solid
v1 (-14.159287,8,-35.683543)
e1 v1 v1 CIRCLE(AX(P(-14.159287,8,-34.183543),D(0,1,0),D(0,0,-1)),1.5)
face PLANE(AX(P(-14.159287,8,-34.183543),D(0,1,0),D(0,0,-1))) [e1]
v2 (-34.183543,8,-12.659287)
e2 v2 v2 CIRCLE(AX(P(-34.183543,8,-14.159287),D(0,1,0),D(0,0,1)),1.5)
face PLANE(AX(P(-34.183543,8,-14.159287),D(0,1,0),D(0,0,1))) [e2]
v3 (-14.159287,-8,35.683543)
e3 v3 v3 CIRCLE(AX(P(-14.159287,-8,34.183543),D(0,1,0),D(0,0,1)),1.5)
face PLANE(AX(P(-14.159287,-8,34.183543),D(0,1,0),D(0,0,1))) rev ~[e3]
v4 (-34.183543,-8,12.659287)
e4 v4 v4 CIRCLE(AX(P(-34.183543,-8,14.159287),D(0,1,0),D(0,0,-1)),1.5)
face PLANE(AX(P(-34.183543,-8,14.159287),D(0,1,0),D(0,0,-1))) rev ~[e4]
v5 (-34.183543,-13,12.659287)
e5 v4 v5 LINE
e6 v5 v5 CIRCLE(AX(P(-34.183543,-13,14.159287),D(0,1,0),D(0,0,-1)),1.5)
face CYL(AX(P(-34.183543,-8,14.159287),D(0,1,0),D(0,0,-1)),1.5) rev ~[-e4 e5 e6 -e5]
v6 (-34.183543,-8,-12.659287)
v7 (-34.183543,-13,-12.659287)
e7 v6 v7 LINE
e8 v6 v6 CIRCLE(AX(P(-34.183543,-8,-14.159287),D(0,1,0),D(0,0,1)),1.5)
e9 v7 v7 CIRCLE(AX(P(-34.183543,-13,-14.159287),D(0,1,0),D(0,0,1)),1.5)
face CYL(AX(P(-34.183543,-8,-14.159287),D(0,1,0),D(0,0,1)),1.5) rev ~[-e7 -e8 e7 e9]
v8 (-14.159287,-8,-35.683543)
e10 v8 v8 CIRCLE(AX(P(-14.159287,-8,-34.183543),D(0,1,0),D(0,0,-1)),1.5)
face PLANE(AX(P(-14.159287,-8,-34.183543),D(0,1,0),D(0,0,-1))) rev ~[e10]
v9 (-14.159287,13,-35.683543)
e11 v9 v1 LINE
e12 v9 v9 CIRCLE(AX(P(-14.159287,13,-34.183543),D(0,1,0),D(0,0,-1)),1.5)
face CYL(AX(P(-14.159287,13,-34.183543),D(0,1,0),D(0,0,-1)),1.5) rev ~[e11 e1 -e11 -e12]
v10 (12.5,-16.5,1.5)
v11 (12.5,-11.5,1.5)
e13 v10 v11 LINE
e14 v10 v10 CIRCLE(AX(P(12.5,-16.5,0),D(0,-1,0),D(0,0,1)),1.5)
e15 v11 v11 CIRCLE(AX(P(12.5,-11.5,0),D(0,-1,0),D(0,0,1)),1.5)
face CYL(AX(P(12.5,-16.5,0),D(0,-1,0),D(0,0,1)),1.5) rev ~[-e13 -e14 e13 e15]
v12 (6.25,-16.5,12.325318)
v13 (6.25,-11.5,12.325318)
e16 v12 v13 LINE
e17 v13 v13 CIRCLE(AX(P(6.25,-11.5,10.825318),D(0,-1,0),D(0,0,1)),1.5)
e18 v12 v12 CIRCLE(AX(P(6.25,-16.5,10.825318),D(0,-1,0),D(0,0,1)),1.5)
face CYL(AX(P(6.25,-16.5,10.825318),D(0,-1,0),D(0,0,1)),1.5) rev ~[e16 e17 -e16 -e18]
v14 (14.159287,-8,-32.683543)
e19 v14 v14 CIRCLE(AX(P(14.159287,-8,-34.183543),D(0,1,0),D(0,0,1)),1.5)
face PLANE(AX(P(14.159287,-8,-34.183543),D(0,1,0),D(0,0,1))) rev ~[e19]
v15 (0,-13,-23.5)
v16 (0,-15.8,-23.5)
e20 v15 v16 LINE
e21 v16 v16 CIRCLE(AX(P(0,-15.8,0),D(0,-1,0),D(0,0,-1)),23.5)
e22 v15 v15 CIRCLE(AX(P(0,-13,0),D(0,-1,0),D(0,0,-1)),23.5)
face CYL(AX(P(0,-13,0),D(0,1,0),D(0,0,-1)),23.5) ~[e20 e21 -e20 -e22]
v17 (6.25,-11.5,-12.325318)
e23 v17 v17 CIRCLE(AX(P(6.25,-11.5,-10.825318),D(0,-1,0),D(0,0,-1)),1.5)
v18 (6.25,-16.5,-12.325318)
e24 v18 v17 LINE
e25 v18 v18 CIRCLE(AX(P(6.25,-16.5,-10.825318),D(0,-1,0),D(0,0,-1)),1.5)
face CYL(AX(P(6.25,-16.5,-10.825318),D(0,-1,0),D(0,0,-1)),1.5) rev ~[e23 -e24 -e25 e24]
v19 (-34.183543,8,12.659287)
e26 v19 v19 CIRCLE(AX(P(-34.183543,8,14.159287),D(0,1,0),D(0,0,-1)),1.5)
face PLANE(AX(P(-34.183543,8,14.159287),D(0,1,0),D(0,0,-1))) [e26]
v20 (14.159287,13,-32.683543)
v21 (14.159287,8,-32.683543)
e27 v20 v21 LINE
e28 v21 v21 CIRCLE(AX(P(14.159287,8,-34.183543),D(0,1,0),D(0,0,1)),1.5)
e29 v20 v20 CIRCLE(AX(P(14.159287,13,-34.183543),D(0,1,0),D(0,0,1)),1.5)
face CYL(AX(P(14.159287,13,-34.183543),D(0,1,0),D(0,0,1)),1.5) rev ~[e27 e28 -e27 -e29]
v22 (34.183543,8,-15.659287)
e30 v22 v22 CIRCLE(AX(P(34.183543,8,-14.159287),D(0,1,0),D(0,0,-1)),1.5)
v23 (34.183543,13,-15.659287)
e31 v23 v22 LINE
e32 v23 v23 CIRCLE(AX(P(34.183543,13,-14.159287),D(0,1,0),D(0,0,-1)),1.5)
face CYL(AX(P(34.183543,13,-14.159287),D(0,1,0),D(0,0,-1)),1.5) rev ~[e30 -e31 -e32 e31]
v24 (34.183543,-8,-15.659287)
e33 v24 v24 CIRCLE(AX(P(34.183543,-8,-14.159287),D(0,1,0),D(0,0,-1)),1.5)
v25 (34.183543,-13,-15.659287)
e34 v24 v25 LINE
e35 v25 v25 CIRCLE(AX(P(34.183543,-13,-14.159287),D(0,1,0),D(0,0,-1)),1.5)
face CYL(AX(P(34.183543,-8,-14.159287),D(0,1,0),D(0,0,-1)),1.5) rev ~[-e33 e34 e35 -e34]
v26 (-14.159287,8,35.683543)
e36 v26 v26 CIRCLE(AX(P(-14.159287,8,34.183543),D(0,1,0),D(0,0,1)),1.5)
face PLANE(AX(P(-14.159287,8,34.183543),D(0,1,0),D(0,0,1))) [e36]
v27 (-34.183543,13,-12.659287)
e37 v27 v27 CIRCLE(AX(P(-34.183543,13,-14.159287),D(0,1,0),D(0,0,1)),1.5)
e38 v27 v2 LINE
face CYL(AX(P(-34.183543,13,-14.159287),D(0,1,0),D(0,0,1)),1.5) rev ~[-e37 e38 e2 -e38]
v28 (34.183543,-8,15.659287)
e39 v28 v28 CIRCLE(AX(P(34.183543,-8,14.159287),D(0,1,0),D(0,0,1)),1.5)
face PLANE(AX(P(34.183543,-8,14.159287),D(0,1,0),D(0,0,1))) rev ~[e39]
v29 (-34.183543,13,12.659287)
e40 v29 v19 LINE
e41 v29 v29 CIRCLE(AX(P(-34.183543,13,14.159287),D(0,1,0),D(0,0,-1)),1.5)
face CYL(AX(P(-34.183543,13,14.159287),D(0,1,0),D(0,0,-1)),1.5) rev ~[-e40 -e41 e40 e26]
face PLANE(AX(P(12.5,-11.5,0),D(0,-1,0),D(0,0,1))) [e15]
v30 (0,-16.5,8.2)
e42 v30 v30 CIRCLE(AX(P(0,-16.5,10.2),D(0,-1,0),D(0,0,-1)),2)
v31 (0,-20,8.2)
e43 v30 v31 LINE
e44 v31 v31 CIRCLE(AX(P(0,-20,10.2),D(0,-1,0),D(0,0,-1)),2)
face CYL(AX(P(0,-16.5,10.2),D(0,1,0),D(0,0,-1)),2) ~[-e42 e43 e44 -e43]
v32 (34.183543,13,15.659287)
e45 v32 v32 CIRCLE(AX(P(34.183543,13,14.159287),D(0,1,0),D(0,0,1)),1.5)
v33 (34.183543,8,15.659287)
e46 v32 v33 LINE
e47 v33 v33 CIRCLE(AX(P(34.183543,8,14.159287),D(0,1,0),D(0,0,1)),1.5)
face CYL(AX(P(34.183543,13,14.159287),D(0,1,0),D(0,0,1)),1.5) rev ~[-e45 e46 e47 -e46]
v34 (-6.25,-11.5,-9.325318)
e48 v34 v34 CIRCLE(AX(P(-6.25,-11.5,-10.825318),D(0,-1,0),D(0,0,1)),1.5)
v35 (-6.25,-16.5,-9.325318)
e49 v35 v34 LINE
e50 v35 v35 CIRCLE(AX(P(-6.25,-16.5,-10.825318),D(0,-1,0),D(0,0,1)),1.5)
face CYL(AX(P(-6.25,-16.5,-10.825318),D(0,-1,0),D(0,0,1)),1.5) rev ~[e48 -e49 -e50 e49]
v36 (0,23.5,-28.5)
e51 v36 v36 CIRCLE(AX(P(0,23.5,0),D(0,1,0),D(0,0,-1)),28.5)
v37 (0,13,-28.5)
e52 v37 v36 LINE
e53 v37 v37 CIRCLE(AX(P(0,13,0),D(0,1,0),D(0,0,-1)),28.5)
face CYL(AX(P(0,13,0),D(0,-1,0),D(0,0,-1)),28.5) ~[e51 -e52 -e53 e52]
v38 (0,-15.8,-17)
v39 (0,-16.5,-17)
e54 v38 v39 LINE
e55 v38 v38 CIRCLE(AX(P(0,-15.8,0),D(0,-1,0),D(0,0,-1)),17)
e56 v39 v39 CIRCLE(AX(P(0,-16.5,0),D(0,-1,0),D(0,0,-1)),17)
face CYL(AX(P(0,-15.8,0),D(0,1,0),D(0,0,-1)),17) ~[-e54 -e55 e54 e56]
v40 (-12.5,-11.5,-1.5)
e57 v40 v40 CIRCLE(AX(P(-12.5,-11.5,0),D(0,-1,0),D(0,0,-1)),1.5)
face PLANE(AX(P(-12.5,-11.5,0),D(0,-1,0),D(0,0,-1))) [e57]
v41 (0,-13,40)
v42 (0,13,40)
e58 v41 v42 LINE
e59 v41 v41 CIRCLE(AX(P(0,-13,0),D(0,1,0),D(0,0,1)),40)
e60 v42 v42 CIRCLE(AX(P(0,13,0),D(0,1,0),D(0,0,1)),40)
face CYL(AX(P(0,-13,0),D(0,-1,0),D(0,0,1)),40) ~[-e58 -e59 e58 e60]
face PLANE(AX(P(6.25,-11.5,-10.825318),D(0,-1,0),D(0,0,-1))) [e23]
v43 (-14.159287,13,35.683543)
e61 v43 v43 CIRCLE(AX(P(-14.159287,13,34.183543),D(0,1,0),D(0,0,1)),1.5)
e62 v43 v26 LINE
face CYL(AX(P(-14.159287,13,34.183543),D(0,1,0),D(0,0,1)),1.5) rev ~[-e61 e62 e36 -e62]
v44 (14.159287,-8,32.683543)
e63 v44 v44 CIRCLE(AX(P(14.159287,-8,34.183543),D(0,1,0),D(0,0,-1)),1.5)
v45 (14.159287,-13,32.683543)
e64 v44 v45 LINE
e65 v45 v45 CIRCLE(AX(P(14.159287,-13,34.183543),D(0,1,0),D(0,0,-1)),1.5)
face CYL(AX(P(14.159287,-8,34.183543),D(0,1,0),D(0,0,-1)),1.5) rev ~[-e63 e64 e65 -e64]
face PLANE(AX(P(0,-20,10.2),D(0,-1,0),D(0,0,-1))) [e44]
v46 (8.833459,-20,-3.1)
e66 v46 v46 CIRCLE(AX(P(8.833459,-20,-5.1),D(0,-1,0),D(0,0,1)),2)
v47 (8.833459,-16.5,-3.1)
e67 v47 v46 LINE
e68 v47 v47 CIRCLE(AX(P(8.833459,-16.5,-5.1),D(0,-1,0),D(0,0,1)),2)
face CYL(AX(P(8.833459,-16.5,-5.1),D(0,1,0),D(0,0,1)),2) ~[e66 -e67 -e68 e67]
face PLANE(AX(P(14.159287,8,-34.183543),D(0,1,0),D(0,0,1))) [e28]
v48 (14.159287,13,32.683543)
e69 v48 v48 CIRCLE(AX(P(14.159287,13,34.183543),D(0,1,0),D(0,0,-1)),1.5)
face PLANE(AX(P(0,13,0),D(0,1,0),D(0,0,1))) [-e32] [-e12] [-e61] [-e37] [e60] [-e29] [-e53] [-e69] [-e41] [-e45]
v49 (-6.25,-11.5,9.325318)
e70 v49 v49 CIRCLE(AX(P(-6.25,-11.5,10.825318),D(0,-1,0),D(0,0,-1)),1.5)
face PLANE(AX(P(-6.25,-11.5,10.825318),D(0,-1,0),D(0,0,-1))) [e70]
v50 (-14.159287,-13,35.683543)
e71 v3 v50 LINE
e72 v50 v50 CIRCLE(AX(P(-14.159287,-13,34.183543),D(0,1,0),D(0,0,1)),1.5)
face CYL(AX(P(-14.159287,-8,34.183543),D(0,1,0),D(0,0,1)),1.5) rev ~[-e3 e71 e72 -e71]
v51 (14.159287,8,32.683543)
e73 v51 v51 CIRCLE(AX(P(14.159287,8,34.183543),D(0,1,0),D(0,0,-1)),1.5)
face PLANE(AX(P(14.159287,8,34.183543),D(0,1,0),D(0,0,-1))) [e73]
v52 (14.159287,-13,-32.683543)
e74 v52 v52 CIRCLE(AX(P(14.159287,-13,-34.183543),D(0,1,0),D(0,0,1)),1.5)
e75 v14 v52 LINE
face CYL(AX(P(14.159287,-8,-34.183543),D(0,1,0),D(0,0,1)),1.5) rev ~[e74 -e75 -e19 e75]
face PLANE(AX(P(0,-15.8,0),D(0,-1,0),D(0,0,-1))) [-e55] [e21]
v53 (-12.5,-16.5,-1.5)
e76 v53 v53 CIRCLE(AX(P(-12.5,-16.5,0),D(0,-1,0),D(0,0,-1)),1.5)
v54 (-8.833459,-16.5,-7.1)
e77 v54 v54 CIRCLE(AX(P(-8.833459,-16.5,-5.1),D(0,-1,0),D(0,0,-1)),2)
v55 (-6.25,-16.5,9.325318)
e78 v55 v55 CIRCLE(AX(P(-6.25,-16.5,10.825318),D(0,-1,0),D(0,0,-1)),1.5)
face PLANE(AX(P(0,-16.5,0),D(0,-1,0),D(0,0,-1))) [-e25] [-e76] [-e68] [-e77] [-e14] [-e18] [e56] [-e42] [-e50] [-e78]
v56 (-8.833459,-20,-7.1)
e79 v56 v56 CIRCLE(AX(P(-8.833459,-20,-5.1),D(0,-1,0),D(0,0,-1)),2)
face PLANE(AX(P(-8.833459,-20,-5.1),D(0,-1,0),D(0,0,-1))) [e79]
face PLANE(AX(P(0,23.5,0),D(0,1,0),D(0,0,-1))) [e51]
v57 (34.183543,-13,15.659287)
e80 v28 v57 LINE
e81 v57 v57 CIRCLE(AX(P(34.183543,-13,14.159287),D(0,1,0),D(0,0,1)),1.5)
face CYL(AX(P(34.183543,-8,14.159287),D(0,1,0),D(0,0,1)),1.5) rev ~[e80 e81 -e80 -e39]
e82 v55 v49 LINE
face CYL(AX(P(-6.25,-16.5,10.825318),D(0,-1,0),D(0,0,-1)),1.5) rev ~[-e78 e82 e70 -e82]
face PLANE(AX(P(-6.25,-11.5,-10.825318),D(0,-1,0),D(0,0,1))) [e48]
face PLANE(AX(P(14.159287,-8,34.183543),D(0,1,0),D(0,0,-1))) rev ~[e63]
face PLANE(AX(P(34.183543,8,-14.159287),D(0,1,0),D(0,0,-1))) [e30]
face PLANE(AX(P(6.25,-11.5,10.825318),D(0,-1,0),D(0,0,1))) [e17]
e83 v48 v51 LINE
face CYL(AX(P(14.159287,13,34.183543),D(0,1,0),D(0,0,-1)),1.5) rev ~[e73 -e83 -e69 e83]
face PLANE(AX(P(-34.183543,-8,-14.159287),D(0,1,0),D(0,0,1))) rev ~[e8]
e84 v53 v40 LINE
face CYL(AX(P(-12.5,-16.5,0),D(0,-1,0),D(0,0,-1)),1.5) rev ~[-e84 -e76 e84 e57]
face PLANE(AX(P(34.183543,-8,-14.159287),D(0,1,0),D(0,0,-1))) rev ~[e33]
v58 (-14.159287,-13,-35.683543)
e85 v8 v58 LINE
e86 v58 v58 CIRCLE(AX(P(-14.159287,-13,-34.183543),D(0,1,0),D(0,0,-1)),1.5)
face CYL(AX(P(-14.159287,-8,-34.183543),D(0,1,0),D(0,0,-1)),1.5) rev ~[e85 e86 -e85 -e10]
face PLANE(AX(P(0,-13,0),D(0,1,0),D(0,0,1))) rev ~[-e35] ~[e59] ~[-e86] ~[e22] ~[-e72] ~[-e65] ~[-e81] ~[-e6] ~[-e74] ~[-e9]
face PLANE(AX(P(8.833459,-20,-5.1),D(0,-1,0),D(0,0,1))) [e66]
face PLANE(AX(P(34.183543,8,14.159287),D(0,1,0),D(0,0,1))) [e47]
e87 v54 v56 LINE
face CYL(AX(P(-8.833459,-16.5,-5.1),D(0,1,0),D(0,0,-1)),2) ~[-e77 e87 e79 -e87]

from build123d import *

# Parameters (mm, degrees)
EXTRUDE_1_DEPTH      = 13
EXTRUDE_1_DEPTH_BACK = 13
SKETCH_1_R           = 40
SKETCH_2_R           = 28.5
EXTRUDE_2_DEPTH      = 10.5
SKETCH_3_R           = 23.5
EXTRUDE_3_DEPTH      = 2.8
SKETCH_4_R           = 17
EXTRUDE_4_DEPTH      = 0.7
SKETCH_5_R           = 1.5
CUT_EXTRUDE_1_DEPTH  = 5
CUT_EXTRUDE_START    = 5
SKETCH_6_R           = 1.5
CUT_EXTRUDE_3_DEPTH  = 5
SKETCH_7_R           = 1.5
CUT_EXTRUDE_4_DEPTH  = 5
SKETCH_8_R           = 2
EXTRUDE_5_DEPTH      = 3.5


with BuildPart() as part:
    # 草图1 → 凸台-拉伸1 (new, two sides: drawn at the far end of the back side and taken through both)
    with BuildSketch(Plane(origin=(0, 0, 0), x_dir=(1, 0, 0), z_dir=(0, 1, 0)).offset(-EXTRUDE_1_DEPTH_BACK)):
        Circle(SKETCH_1_R)
    extrude(amount=EXTRUDE_1_DEPTH + EXTRUDE_1_DEPTH_BACK)

    # 草图2 → 凸台-拉伸2 (add)
    with BuildSketch(Plane(origin=(0, 13, 0), x_dir=(1, 0, 0), z_dir=(0, 1, 0))):
        Circle(SKETCH_2_R)
    extrude(amount=EXTRUDE_2_DEPTH)

    # 草图3 → 凸台-拉伸3 (add)
    with BuildSketch(Plane.XZ.offset(13)):
        Circle(SKETCH_3_R)
    extrude(amount=EXTRUDE_3_DEPTH)

    # 草图4 → 凸台-拉伸4 (add)
    with BuildSketch(Plane.XZ.offset(15.8)):
        Circle(SKETCH_4_R)
    extrude(amount=EXTRUDE_4_DEPTH)

    # 草图5 → 切除-拉伸1 (cut)
    with BuildSketch(Plane(origin=(0, 13, 0), x_dir=(1, 0, 0), z_dir=(0, 1, 0))):
        with Locations((14.159286998, 34.183542703)):
            Circle(SKETCH_5_R)
        with Locations((34.183542703, 14.159286998)):
            Circle(SKETCH_5_R)
        with Locations((34.183542703, -14.159286998)):
            Circle(SKETCH_5_R)
        with Locations((14.159286998, -34.183542703)):
            Circle(SKETCH_5_R)
        with Locations((-14.159286998, -34.183542703)):
            Circle(SKETCH_5_R)
        with Locations((-34.183542703, -14.159286998)):
            Circle(SKETCH_5_R)
        with Locations((-34.183542703, 14.159286998)):
            Circle(SKETCH_5_R)
        with Locations((-14.159286998, 34.183542703)):
            Circle(SKETCH_5_R)
    extrude(amount=-CUT_EXTRUDE_1_DEPTH, mode=Mode.SUBTRACT)

    # 草图6 → 切除-拉伸3 (cut)
    with BuildSketch(Plane(origin=(0, -13, -13), x_dir=(1, 0, 0), z_dir=(0, 1, 0)).offset(CUT_EXTRUDE_START)):
        with Locations((14.159286998, 21.183542703)):
            Circle(SKETCH_6_R)
        with Locations((34.183542703, 1.159286998)):
            Circle(SKETCH_6_R)
        with Locations((34.183542703, -27.159286998)):
            Circle(SKETCH_6_R)
        with Locations((14.159286998, -47.183542703)):
            Circle(SKETCH_6_R)
        with Locations((-14.159286998, -47.183542703)):
            Circle(SKETCH_6_R)
        with Locations((-34.183542703, -27.159286998)):
            Circle(SKETCH_6_R)
        with Locations((-34.183542703, 1.159286998)):
            Circle(SKETCH_6_R)
        with Locations((-14.159286998, 21.183542703)):
            Circle(SKETCH_6_R)
    extrude(amount=-CUT_EXTRUDE_3_DEPTH, mode=Mode.SUBTRACT)

    # 草图7 → 切除-拉伸4 (cut)
    with BuildSketch(Plane.XZ.offset(16.5)):
        with Locations((-12.5, 0)):
            Circle(SKETCH_7_R)
        with Locations((-6.25, 10.825317547)):
            Circle(SKETCH_7_R)
        with Locations((-6.25, -10.825317547)):
            Circle(SKETCH_7_R)
        with Locations((6.25, -10.825317547)):
            Circle(SKETCH_7_R)
        with Locations((12.5, 0)):
            Circle(SKETCH_7_R)
        with Locations((6.25, 10.825317547)):
            Circle(SKETCH_7_R)
    extrude(amount=-CUT_EXTRUDE_4_DEPTH, mode=Mode.SUBTRACT)

    # 草图8 → 凸台-拉伸5 (add)
    with BuildSketch(Plane.XZ.offset(16.5)):
        with Locations((0, 10.2)):
            Circle(SKETCH_8_R)
        with Locations((-8.833459119, -5.1)):
            Circle(SKETCH_8_R)
        with Locations((8.833459119, -5.1)):
            Circle(SKETCH_8_R)
    extrude(amount=EXTRUDE_5_DEPTH)


solid = part.part
